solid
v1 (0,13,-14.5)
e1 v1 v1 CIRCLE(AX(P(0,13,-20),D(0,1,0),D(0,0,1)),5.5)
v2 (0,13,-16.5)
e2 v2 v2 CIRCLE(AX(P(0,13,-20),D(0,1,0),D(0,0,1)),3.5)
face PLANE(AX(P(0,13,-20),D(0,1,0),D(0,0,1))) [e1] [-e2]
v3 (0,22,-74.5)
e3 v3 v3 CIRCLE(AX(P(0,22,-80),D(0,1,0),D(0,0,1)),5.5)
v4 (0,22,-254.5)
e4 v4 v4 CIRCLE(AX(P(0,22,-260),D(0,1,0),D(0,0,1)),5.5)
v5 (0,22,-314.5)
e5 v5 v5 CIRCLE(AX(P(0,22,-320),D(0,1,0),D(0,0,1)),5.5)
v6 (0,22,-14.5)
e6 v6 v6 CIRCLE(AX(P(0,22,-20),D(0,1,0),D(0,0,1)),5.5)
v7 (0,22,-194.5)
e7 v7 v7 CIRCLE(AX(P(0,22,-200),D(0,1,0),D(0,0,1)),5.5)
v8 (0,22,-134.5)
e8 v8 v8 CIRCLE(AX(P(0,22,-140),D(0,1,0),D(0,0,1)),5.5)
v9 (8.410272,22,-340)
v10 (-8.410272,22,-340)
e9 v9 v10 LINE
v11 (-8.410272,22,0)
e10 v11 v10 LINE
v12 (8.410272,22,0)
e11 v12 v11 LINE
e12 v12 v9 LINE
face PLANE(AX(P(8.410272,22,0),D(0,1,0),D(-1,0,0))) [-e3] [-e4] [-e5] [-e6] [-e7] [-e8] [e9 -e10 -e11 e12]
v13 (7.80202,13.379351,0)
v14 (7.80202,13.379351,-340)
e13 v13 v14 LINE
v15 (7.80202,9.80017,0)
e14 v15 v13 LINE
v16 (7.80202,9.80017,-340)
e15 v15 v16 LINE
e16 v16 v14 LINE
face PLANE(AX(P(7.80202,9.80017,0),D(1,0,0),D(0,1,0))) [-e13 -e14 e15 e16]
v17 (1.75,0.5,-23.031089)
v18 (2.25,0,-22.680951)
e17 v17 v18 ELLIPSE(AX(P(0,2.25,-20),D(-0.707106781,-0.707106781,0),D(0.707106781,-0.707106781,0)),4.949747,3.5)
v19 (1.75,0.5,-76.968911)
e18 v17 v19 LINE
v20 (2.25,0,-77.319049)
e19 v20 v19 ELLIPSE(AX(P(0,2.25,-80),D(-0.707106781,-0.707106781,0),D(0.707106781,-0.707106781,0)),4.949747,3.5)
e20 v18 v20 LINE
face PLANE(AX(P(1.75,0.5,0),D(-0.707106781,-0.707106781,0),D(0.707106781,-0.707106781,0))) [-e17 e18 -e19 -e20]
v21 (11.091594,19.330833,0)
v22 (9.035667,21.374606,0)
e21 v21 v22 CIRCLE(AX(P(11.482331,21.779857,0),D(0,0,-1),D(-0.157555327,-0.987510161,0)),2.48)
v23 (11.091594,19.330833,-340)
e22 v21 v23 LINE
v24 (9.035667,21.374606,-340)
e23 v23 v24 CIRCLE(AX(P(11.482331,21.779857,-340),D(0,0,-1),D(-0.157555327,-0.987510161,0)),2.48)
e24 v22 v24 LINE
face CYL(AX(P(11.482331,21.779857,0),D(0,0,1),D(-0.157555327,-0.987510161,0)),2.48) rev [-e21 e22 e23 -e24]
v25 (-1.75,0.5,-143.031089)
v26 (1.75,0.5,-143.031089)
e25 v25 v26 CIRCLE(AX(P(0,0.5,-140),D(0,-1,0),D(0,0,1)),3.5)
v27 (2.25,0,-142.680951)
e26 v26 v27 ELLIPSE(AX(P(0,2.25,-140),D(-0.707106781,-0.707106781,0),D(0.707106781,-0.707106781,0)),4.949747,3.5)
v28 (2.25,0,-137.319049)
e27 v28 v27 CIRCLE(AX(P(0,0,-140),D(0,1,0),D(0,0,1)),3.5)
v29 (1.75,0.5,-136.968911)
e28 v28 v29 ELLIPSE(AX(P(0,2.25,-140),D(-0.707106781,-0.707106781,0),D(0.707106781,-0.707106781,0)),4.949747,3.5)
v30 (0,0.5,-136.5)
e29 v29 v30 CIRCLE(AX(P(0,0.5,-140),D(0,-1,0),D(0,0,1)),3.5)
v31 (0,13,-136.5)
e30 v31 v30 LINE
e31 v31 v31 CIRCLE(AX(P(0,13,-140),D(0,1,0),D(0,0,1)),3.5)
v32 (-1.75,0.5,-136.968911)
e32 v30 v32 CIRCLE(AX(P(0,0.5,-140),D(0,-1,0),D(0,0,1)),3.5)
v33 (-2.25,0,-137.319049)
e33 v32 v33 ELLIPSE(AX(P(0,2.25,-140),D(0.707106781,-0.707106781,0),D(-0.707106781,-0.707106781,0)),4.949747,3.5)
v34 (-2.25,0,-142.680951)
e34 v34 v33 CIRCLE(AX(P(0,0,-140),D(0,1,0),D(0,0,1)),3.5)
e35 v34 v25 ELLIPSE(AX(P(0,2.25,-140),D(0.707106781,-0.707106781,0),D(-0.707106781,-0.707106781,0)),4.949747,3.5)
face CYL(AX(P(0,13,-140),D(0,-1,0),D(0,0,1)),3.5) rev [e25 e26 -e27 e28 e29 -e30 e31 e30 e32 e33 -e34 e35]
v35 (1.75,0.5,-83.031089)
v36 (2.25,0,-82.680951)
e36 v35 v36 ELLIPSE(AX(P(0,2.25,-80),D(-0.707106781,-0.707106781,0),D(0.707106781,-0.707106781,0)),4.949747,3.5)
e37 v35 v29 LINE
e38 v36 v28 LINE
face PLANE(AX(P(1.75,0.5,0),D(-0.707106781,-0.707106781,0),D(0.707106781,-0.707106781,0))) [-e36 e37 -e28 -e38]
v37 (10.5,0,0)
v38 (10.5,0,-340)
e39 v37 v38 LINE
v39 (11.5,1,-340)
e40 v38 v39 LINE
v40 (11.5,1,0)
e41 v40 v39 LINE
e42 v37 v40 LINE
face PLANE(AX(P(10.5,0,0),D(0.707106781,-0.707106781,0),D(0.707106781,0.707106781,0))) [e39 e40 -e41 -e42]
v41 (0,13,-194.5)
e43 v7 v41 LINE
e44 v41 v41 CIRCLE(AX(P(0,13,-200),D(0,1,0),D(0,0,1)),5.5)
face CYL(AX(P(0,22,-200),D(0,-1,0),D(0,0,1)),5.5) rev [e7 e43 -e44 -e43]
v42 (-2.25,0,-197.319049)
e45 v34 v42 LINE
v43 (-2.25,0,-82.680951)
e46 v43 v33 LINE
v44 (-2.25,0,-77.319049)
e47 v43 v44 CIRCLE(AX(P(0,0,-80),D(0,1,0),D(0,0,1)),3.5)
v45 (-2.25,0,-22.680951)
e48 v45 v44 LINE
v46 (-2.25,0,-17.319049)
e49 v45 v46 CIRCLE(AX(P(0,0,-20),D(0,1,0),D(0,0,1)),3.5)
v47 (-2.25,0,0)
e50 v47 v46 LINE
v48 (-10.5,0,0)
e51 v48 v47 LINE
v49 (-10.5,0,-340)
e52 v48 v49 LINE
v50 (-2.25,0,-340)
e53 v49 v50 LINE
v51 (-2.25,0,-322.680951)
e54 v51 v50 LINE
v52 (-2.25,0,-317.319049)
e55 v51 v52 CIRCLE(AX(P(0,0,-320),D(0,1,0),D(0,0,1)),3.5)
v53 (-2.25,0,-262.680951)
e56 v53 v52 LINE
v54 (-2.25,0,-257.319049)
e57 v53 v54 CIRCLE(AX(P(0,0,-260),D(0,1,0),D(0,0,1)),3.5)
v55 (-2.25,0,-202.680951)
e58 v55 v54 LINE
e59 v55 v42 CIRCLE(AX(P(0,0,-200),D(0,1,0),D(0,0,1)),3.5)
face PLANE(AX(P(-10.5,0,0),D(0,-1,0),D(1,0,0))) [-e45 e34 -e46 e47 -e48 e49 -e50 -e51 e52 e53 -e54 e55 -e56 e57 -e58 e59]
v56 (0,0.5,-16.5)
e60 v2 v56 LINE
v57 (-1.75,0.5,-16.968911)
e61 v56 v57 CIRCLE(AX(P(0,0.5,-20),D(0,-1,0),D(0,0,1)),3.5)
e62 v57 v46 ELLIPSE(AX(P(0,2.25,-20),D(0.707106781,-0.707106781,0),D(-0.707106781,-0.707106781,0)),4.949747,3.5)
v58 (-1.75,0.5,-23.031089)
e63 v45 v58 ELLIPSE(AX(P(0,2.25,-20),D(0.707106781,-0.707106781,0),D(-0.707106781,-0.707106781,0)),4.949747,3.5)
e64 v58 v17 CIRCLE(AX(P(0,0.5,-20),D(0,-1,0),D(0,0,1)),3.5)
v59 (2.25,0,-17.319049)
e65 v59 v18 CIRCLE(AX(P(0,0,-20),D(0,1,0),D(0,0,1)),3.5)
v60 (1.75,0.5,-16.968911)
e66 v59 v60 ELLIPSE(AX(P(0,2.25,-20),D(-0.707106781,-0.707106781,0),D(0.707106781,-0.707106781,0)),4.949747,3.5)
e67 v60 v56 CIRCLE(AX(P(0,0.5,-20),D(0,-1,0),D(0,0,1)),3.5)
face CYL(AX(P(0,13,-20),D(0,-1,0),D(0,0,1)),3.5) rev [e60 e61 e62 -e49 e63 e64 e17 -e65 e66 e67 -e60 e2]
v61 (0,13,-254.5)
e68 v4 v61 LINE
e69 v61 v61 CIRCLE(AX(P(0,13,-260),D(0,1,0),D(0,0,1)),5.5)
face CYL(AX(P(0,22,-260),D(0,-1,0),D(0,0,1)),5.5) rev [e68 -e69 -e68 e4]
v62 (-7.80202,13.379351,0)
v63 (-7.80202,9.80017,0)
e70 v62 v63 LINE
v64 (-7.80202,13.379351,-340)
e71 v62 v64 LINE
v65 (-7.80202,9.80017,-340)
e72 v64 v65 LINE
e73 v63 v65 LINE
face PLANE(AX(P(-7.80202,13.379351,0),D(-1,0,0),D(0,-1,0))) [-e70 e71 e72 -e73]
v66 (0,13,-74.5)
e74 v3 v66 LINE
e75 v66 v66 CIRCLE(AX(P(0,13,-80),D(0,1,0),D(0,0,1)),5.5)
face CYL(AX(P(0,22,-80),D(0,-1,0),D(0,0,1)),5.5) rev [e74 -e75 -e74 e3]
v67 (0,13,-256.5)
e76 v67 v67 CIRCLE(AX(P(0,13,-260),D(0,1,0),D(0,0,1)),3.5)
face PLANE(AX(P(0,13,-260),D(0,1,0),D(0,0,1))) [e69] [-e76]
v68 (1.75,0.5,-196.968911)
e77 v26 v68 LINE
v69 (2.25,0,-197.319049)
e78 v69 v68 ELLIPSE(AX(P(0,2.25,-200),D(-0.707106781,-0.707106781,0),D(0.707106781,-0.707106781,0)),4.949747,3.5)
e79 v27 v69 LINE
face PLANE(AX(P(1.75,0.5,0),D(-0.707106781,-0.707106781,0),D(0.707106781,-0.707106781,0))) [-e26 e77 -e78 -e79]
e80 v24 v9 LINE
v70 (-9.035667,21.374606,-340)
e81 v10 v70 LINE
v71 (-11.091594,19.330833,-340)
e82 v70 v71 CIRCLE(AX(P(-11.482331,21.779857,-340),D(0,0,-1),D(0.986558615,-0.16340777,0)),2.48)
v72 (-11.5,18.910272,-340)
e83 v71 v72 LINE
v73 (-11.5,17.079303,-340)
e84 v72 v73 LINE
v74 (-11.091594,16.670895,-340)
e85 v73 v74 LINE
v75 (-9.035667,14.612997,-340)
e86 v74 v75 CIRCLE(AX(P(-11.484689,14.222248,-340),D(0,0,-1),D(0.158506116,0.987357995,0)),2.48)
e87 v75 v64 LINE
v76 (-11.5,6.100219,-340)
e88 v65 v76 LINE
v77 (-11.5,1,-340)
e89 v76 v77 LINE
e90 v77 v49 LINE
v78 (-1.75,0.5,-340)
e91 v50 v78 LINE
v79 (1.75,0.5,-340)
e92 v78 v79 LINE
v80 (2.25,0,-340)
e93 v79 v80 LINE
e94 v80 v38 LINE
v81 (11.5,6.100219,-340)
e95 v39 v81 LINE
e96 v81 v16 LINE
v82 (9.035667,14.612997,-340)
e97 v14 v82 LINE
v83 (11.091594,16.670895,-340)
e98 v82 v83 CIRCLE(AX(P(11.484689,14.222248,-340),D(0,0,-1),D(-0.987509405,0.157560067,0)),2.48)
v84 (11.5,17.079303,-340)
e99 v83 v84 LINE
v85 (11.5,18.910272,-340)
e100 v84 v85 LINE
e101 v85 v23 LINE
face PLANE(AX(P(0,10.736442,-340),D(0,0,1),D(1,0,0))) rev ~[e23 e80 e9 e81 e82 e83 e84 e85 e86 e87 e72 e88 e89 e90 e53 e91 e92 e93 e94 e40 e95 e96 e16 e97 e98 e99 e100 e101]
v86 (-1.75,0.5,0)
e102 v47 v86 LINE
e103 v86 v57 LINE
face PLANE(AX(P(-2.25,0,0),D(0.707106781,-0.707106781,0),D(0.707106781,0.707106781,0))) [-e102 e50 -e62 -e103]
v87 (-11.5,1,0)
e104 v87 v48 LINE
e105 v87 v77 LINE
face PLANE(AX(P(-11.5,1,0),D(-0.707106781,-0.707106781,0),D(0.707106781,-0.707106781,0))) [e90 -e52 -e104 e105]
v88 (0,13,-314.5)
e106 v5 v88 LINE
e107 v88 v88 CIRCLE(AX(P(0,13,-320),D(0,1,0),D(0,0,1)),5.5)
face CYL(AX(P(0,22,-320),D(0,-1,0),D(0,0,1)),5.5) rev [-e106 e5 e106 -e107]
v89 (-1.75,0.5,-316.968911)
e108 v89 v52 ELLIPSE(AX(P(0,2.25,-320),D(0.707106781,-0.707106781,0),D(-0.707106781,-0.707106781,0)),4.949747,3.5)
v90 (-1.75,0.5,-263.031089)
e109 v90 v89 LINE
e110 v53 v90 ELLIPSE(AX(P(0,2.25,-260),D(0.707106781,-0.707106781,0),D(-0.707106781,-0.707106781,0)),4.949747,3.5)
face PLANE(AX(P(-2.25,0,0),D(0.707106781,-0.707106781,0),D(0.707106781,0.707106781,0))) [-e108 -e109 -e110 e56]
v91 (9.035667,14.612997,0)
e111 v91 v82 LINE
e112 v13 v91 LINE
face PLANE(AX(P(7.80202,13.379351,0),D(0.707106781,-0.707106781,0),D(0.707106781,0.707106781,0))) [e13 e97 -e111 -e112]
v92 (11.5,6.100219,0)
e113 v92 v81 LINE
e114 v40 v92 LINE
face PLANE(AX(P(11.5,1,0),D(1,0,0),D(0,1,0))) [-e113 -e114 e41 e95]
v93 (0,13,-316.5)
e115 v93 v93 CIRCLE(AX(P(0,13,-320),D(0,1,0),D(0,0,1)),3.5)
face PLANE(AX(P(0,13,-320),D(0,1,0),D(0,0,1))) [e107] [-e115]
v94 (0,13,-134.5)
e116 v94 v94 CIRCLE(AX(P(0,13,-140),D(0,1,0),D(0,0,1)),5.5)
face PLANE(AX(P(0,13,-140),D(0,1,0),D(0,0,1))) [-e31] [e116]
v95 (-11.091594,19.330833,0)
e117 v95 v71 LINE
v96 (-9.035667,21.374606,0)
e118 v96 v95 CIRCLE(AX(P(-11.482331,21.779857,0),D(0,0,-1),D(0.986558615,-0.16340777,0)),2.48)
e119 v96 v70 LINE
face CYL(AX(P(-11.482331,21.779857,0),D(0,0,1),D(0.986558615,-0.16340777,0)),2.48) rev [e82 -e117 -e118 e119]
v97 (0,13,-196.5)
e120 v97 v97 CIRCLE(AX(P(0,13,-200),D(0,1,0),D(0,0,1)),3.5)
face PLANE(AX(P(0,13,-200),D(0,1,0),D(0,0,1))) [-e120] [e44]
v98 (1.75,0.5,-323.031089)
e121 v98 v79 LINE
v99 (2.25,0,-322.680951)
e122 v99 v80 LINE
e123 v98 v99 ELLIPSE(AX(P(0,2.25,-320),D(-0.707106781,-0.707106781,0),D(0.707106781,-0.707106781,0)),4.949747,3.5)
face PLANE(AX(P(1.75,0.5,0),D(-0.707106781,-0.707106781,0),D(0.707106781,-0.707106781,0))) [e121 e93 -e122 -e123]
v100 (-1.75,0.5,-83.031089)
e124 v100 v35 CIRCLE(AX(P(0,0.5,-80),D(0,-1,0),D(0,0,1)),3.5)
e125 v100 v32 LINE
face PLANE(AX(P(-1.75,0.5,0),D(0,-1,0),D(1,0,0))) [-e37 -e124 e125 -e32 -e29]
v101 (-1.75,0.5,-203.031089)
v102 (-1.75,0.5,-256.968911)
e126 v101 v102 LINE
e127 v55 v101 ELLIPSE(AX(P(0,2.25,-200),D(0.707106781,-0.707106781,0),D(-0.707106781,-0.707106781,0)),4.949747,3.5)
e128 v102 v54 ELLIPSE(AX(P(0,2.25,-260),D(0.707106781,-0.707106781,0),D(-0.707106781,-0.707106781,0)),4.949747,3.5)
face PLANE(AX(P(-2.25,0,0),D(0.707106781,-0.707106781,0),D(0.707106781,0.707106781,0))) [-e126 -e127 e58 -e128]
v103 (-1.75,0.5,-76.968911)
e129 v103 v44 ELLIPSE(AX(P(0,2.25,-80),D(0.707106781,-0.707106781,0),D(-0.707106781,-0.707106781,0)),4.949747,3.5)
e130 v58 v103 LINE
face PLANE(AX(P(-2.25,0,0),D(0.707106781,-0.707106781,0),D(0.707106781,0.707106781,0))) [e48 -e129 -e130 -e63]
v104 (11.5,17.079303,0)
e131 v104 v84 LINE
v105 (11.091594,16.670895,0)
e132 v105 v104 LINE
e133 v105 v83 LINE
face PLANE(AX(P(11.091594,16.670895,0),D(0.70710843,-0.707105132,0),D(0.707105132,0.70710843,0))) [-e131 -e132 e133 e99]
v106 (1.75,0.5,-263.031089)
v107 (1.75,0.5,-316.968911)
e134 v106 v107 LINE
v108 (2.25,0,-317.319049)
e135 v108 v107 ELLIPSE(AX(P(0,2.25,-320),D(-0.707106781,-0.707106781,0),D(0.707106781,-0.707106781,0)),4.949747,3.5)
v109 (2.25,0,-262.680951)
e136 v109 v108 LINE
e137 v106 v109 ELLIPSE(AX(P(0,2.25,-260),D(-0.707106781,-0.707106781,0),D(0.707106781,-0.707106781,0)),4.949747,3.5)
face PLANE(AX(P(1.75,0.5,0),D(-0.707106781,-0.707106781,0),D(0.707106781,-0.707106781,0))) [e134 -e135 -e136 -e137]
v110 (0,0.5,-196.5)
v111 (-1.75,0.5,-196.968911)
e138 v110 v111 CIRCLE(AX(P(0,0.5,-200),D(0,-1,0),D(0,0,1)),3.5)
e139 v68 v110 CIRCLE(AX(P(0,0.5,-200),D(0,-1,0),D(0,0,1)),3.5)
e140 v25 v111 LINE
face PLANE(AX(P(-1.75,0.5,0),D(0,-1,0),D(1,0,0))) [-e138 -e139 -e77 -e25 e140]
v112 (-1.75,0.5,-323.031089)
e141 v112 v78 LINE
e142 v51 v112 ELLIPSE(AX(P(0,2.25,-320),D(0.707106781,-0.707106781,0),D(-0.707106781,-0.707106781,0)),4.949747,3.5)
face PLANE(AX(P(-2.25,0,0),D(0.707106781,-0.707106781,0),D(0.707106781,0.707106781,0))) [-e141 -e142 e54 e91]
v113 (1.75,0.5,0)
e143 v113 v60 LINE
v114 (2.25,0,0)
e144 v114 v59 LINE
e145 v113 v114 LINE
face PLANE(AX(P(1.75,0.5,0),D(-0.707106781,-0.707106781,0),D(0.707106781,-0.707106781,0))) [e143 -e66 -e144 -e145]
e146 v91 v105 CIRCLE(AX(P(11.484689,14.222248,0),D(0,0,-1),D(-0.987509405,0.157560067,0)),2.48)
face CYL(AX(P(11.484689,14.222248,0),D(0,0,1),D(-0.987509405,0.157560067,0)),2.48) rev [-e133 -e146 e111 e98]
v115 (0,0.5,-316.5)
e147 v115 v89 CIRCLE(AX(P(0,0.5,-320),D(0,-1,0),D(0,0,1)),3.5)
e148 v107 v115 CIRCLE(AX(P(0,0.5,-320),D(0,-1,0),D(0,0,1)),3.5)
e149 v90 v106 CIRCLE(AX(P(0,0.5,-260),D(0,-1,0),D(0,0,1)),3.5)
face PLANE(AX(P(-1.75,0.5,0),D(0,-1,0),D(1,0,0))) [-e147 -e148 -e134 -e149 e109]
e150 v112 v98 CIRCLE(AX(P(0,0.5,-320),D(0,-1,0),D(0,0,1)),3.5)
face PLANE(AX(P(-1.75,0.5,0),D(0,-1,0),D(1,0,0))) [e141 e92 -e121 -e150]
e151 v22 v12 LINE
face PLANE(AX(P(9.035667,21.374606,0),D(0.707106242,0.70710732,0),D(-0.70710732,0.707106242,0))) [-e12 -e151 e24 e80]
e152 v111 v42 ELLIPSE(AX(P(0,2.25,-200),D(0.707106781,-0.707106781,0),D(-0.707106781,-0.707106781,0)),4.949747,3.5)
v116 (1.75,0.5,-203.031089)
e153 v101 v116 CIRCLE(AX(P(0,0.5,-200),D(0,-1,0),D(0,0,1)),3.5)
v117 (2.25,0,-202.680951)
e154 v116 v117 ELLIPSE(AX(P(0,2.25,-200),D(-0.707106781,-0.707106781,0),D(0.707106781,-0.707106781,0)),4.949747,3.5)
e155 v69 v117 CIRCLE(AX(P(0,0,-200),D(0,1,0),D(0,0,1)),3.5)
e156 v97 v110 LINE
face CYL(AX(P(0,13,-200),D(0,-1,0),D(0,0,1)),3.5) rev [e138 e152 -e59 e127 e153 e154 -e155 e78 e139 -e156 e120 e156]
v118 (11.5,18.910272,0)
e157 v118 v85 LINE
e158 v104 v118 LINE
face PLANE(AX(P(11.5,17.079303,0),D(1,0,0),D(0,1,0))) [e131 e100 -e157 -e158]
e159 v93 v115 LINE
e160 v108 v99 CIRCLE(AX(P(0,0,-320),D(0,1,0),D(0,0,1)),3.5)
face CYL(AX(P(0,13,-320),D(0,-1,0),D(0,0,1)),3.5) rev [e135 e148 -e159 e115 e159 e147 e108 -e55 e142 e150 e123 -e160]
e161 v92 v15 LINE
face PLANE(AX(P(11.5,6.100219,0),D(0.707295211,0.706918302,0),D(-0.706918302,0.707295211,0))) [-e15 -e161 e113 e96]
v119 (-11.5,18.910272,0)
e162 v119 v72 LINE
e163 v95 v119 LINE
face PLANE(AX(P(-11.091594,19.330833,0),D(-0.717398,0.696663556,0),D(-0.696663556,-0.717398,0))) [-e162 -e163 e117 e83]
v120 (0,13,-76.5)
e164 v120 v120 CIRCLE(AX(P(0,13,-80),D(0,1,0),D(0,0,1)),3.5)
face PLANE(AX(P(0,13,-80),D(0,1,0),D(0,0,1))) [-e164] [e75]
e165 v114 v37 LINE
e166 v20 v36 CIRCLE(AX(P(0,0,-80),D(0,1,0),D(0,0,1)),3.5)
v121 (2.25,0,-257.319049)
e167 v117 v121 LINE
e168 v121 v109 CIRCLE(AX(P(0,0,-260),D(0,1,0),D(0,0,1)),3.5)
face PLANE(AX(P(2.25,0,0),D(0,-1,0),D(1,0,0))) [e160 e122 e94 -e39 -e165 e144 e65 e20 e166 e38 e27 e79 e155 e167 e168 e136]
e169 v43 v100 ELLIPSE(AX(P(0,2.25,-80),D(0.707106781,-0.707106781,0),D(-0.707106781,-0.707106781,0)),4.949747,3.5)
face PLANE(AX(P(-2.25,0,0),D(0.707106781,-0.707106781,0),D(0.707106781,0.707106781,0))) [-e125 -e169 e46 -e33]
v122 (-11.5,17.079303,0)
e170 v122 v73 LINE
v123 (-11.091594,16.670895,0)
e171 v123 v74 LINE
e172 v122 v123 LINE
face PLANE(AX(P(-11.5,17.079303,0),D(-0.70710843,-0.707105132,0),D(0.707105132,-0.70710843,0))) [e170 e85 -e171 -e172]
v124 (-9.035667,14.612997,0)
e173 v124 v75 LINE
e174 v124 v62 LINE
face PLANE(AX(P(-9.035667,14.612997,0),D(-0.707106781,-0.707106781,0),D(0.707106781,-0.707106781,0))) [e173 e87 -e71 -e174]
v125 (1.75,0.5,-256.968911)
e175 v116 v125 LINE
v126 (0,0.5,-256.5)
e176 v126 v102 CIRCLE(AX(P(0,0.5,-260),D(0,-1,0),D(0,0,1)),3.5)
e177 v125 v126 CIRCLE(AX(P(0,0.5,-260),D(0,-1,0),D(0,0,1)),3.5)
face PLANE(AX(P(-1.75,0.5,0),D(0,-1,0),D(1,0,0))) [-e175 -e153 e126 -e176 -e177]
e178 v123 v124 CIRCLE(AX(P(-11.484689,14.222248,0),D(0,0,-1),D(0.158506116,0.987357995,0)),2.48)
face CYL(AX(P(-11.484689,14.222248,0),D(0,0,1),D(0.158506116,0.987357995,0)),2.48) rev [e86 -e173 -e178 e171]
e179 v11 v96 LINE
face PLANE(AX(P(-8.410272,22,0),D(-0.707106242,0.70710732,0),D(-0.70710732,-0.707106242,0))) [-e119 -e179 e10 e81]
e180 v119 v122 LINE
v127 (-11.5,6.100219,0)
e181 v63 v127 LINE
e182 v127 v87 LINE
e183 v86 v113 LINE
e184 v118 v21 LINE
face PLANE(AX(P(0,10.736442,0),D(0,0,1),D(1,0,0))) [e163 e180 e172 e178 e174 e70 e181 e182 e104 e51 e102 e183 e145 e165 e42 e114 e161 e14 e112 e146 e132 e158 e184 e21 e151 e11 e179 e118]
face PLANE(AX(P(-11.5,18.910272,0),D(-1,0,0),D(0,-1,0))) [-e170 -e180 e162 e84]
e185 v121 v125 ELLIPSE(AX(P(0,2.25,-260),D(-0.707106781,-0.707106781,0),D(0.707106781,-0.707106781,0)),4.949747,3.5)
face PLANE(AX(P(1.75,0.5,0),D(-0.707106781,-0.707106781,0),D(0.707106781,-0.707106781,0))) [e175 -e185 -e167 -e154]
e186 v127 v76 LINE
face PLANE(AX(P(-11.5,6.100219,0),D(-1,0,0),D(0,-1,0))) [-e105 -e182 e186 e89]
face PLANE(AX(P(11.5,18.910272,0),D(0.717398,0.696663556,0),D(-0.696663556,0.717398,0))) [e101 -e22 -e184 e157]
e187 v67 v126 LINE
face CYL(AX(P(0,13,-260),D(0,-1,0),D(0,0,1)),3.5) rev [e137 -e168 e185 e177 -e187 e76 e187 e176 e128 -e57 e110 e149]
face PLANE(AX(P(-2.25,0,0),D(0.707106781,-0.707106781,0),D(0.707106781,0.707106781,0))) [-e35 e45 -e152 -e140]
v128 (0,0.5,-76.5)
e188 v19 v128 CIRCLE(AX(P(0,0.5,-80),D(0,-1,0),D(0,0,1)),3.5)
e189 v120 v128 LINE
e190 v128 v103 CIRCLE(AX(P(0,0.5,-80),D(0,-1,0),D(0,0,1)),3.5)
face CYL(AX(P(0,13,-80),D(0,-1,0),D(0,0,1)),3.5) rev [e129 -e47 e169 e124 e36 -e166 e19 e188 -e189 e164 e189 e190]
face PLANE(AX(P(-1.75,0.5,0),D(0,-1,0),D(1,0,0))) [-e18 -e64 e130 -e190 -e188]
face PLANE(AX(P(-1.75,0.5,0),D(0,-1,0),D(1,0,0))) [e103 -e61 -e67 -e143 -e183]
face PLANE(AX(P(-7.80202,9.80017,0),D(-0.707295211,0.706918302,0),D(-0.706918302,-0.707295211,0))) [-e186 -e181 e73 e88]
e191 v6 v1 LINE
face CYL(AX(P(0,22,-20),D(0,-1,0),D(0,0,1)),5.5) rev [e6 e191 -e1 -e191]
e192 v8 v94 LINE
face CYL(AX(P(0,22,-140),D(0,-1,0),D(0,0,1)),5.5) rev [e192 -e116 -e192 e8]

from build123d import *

# Parameters (mm, degrees)
EXTRUDE1_DEPTH  = 340
LPATTERN1_COUNT = 6
LPATTERN1_PITCH = 60


with BuildPart() as part:
    # Sketch1 → Extrude1 (new body)
    with BuildSketch(Plane(origin=(-20, 0, 0), x_dir=(1, 0, 0), z_dir=(0, 0, 1))):
        with BuildLine():
            Line((8.5, 18.910271646), (8.5, 17.079302786))
            Line((8.5, 17.079302786), (8.908405711, 16.67089517))
            ThreePointArc((8.908405711, 16.67089517), (10.269774971, 15.975032022), (10.964333487, 14.612996689))
            Line((10.964333487, 14.612996689), (12.197979513, 13.379350662))
            Line((12.197979513, 13.379350662), (12.197979513, 9.800170422))
            Line((12.197979513, 9.800170422), (8.5, 6.10021925))
            Line((8.5, 6.10021925), (8.5, 1))
            Line((8.5, 1), (9.5, 0))
            Line((9.5, 0), (17.75, 0))
            Line((17.75, 0), (18.25, 0.5))
            Line((18.25, 0.5), (21.75, 0.5))
            Line((21.75, 0.5), (22.25, 0))
            Line((22.25, 0), (30.5, 0))
            Line((30.5, 0), (31.5, 1))
            Line((31.5, 1), (31.5, 6.10021925))
            Line((31.5, 6.10021925), (27.802020487, 9.800170422))
            Line((27.802020487, 9.800170422), (27.802020487, 13.379350662))
            Line((27.802020487, 13.379350662), (29.035666513, 14.612996689))
            ThreePointArc((29.035666513, 14.612996689), (29.730225029, 15.975032022), (31.091594289, 16.67089517))
            Line((31.091594289, 16.67089517), (31.5, 17.079302786))
            Line((31.5, 17.079302786), (31.5, 18.910271646))
            Line((31.5, 18.910271646), (31.091594289, 19.330832529))
            ThreePointArc((31.091594289, 19.330832529), (29.733913517, 20.021041613), (29.035666513, 21.374606084))
            Line((29.035666513, 21.374606084), (28.410271644, 22))
            Line((28.410271644, 22), (11.589728356, 22))
            Line((11.589728356, 22), (10.964333487, 21.374606084))
            ThreePointArc((10.964333487, 21.374606084), (10.266086483, 20.021041613), (8.908405711, 19.330832529))
            Line((8.908405711, 19.330832529), (8.5, 18.910271646))
        make_face()
    extrude(amount=-EXTRUDE1_DEPTH)

    # Sketch2 → Cut-Revolve1 (revolve, cut)
    with BuildSketch(Plane(origin=(0, 0, 0), x_dir=(0, 0, -1), z_dir=(1, 0, 0))):
        Polygon((20, 22), (25.5, 22), (25.5, 13), (23.5, 13), (23.5, 0), (20, 0), align=None)
    cut_revolve1 = revolve(axis=Axis((0, 0, -20), (0, 1, 0)), mode=Mode.SUBTRACT)

    # LPattern1: Cut-Revolve1 ×6
    with Locations(*[(0, 0, -i * LPATTERN1_PITCH) for i in range(1, LPATTERN1_COUNT)]):
        add(cut_revolve1, mode=Mode.SUBTRACT)


solid = part.part
